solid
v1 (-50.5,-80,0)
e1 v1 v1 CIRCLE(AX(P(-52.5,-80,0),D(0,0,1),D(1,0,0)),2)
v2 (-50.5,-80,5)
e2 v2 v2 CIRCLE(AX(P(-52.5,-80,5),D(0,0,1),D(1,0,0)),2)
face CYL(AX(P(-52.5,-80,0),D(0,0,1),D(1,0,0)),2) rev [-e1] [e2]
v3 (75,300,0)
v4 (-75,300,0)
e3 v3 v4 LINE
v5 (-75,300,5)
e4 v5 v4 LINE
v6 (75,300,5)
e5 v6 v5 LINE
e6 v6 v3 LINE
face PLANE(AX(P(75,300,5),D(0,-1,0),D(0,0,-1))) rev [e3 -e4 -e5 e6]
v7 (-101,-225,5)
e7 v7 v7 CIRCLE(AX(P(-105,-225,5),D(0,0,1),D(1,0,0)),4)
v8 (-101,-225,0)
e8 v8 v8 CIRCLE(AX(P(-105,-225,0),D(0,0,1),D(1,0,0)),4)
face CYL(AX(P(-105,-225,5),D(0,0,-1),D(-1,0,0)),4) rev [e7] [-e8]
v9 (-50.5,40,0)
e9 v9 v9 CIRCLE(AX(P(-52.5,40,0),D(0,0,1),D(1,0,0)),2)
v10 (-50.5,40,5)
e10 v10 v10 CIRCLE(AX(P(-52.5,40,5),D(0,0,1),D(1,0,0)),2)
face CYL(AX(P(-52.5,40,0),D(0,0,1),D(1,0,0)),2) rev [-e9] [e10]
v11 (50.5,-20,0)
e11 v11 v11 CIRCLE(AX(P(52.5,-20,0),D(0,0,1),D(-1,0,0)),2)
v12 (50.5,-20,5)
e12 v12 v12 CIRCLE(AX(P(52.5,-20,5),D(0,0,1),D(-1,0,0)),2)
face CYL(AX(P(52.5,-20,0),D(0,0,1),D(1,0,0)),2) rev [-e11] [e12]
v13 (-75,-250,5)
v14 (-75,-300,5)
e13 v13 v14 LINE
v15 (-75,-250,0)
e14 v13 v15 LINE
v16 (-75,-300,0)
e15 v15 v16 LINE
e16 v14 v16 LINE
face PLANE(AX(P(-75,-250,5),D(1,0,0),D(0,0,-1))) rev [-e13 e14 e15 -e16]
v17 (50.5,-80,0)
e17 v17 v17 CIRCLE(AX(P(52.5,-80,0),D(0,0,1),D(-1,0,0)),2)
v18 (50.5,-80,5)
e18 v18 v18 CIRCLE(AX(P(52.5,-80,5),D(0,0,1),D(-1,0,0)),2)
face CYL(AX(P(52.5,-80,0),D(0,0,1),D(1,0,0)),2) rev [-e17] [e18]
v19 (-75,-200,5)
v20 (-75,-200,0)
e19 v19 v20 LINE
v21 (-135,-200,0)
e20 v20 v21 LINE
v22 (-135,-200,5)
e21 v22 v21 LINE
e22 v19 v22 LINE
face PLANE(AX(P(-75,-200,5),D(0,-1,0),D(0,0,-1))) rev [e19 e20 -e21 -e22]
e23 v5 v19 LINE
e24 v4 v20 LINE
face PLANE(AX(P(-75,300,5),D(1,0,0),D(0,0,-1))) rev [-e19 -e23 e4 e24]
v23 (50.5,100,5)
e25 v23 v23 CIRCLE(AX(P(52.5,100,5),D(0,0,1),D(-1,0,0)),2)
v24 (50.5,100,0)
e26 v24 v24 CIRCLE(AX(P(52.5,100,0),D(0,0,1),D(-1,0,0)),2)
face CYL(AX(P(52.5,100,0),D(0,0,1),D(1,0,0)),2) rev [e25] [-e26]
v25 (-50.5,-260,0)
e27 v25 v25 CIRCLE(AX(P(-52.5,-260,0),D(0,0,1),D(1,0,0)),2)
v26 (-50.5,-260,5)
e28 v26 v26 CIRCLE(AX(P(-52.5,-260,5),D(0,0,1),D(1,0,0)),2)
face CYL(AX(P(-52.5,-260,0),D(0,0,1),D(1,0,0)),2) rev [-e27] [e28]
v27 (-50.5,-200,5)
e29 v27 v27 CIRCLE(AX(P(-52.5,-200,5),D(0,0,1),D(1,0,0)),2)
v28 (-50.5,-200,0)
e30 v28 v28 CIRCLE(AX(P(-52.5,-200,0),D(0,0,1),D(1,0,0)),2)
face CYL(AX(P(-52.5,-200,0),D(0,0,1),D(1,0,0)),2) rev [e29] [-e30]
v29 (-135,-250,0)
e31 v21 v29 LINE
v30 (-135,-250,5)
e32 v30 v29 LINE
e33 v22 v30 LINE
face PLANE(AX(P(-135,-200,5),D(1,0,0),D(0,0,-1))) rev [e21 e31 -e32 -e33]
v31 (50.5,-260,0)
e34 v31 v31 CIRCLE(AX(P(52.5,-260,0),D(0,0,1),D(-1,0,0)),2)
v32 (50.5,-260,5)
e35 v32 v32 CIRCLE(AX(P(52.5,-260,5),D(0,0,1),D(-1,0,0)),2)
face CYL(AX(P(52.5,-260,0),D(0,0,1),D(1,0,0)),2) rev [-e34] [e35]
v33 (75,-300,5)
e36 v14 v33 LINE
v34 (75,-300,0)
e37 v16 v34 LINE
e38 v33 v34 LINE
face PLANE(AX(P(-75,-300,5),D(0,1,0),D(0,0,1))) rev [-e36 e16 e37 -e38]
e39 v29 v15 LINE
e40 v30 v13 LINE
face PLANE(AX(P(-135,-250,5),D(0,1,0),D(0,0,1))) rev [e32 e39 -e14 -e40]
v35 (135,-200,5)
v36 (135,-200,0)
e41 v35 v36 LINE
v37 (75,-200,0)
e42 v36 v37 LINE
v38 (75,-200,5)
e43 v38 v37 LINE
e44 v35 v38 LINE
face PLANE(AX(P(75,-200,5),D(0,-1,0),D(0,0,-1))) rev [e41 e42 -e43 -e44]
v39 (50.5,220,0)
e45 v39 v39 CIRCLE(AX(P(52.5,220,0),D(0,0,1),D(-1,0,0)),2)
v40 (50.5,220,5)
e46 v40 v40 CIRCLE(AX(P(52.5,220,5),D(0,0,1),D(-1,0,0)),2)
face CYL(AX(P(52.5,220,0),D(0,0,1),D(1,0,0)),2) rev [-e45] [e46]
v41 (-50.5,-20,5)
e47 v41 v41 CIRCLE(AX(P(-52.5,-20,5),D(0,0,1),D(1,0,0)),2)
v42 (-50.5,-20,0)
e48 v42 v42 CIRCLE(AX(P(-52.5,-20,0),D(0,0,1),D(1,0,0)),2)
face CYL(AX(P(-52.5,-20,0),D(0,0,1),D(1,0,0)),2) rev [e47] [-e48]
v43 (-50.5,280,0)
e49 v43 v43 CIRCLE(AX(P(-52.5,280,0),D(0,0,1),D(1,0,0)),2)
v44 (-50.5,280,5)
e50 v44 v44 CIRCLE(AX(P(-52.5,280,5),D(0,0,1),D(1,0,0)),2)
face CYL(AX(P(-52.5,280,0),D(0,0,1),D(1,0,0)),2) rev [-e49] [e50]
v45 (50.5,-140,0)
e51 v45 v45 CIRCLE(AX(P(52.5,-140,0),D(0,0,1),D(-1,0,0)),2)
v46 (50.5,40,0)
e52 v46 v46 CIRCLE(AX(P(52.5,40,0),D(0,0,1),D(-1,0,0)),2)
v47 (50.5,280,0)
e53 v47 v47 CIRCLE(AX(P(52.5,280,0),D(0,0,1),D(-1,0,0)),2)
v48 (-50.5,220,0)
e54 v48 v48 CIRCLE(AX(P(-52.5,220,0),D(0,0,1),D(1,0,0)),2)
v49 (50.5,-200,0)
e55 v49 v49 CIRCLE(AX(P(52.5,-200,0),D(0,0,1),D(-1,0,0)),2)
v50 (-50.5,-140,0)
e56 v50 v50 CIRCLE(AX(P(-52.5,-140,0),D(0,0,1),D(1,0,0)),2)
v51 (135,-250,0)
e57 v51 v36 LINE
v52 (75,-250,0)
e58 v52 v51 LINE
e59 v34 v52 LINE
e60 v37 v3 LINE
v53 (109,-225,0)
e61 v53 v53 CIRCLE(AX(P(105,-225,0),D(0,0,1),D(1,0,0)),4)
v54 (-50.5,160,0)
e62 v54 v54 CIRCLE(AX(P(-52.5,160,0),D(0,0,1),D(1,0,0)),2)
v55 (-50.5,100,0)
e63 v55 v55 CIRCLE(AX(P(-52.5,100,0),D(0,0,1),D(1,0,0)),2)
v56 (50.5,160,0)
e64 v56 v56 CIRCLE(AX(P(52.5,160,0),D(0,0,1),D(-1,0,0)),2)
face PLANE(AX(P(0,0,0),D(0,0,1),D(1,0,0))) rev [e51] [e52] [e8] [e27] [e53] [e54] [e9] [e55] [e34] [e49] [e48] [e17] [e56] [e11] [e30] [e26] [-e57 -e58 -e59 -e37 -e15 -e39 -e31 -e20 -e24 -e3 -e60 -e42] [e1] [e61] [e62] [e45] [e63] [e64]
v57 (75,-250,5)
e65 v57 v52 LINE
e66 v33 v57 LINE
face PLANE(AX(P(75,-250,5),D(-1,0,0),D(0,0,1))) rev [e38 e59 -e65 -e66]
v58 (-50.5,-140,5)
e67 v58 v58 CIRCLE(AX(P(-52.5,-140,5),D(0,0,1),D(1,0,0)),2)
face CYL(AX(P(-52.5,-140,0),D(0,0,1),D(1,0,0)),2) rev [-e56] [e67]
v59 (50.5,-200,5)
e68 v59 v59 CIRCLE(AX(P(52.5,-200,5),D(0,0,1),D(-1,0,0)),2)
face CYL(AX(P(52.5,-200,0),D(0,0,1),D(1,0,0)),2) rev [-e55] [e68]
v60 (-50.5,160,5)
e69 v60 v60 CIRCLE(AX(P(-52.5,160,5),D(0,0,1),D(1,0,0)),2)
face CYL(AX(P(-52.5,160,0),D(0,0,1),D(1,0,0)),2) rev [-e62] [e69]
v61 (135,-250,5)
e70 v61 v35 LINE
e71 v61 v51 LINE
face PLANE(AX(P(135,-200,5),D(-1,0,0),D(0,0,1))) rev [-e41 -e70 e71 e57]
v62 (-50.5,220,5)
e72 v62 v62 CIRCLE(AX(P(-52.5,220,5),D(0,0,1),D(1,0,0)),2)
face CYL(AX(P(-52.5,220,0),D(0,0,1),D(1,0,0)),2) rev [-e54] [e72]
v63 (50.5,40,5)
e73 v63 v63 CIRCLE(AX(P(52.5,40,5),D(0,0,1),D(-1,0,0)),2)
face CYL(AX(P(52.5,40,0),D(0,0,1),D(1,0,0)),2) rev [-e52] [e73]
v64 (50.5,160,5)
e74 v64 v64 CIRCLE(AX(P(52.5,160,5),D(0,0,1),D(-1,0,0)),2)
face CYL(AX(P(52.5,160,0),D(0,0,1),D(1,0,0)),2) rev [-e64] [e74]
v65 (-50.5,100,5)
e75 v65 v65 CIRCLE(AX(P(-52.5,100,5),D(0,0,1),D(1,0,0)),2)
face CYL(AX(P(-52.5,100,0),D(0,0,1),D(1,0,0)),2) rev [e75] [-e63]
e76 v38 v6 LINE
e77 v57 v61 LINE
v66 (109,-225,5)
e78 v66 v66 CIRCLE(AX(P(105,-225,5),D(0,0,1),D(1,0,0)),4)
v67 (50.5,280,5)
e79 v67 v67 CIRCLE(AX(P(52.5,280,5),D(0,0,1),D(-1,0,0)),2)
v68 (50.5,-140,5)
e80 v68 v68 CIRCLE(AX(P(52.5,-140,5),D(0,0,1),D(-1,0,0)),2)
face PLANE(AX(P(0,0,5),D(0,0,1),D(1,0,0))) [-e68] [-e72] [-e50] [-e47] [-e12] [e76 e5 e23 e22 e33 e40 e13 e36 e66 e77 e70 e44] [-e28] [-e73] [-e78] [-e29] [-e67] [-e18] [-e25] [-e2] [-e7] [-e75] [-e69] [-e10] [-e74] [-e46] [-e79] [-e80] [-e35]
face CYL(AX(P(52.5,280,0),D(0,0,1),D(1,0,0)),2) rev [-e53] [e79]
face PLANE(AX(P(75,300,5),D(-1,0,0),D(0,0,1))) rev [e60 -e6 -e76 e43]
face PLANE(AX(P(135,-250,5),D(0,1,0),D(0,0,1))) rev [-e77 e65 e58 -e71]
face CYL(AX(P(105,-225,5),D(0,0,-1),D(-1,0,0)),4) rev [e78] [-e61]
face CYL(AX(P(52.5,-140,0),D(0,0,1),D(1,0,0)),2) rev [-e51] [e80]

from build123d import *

# Parameters (mm, degrees)
SKETCH2_R           = 4
BOSS_EXTRUDE1_DEPTH = 5
SKETCH3_R           = 2
CUT_EXTRUDE1_DEPTH  = 5


with BuildPart() as part:
    # Sketch2 → Boss-Extrude1 (new body)
    with BuildSketch(Plane.XY):
        Polygon((75, 300), (75, -200), (135, -200), (135, -250), (75, -250), (75, -300), (-75, -300), (-75, -250), (-135, -250), (-135, -200), (-75, -200), (-75, 300), align=None)
        with Locations((-105, -225)):
            Circle(SKETCH2_R, mode=Mode.SUBTRACT)
        with Locations((105, -225)):
            Circle(SKETCH2_R, mode=Mode.SUBTRACT)
    extrude(amount=BOSS_EXTRUDE1_DEPTH)

    # Sketch3 → Cut-Extrude1 (cut)
    with BuildSketch(Plane.XY.offset(5)):
        with Locations((-52.5, 280)):
            Circle(SKETCH3_R)
        with Locations((-52.5, 220)):
            Circle(SKETCH3_R)
        with Locations((-52.5, 160)):
            Circle(SKETCH3_R)
        with Locations((-52.5, 100)):
            Circle(SKETCH3_R)
        with Locations((-52.5, 40)):
            Circle(SKETCH3_R)
        with Locations((-52.5, -20)):
            Circle(SKETCH3_R)
        with Locations((-52.5, -80)):
            Circle(SKETCH3_R)
        with Locations((-52.5, -140)):
            Circle(SKETCH3_R)
        with Locations((-52.5, -200)):
            Circle(SKETCH3_R)
        with Locations((-52.5, -260)):
            Circle(SKETCH3_R)
        with Locations((52.5, -260)):
            Circle(SKETCH3_R)
        with Locations((52.5, -200)):
            Circle(SKETCH3_R)
        with Locations((52.5, -140)):
            Circle(SKETCH3_R)
        with Locations((52.5, -80)):
            Circle(SKETCH3_R)
        with Locations((52.5, -20)):
            Circle(SKETCH3_R)
        with Locations((52.5, 40)):
            Circle(SKETCH3_R)
        with Locations((52.5, 100)):
            Circle(SKETCH3_R)
        with Locations((52.5, 160)):
            Circle(SKETCH3_R)
        with Locations((52.5, 220)):
            Circle(SKETCH3_R)
        with Locations((52.5, 280)):
            Circle(SKETCH3_R)
    extrude(amount=-CUT_EXTRUDE1_DEPTH, mode=Mode.SUBTRACT)


solid = part.part
